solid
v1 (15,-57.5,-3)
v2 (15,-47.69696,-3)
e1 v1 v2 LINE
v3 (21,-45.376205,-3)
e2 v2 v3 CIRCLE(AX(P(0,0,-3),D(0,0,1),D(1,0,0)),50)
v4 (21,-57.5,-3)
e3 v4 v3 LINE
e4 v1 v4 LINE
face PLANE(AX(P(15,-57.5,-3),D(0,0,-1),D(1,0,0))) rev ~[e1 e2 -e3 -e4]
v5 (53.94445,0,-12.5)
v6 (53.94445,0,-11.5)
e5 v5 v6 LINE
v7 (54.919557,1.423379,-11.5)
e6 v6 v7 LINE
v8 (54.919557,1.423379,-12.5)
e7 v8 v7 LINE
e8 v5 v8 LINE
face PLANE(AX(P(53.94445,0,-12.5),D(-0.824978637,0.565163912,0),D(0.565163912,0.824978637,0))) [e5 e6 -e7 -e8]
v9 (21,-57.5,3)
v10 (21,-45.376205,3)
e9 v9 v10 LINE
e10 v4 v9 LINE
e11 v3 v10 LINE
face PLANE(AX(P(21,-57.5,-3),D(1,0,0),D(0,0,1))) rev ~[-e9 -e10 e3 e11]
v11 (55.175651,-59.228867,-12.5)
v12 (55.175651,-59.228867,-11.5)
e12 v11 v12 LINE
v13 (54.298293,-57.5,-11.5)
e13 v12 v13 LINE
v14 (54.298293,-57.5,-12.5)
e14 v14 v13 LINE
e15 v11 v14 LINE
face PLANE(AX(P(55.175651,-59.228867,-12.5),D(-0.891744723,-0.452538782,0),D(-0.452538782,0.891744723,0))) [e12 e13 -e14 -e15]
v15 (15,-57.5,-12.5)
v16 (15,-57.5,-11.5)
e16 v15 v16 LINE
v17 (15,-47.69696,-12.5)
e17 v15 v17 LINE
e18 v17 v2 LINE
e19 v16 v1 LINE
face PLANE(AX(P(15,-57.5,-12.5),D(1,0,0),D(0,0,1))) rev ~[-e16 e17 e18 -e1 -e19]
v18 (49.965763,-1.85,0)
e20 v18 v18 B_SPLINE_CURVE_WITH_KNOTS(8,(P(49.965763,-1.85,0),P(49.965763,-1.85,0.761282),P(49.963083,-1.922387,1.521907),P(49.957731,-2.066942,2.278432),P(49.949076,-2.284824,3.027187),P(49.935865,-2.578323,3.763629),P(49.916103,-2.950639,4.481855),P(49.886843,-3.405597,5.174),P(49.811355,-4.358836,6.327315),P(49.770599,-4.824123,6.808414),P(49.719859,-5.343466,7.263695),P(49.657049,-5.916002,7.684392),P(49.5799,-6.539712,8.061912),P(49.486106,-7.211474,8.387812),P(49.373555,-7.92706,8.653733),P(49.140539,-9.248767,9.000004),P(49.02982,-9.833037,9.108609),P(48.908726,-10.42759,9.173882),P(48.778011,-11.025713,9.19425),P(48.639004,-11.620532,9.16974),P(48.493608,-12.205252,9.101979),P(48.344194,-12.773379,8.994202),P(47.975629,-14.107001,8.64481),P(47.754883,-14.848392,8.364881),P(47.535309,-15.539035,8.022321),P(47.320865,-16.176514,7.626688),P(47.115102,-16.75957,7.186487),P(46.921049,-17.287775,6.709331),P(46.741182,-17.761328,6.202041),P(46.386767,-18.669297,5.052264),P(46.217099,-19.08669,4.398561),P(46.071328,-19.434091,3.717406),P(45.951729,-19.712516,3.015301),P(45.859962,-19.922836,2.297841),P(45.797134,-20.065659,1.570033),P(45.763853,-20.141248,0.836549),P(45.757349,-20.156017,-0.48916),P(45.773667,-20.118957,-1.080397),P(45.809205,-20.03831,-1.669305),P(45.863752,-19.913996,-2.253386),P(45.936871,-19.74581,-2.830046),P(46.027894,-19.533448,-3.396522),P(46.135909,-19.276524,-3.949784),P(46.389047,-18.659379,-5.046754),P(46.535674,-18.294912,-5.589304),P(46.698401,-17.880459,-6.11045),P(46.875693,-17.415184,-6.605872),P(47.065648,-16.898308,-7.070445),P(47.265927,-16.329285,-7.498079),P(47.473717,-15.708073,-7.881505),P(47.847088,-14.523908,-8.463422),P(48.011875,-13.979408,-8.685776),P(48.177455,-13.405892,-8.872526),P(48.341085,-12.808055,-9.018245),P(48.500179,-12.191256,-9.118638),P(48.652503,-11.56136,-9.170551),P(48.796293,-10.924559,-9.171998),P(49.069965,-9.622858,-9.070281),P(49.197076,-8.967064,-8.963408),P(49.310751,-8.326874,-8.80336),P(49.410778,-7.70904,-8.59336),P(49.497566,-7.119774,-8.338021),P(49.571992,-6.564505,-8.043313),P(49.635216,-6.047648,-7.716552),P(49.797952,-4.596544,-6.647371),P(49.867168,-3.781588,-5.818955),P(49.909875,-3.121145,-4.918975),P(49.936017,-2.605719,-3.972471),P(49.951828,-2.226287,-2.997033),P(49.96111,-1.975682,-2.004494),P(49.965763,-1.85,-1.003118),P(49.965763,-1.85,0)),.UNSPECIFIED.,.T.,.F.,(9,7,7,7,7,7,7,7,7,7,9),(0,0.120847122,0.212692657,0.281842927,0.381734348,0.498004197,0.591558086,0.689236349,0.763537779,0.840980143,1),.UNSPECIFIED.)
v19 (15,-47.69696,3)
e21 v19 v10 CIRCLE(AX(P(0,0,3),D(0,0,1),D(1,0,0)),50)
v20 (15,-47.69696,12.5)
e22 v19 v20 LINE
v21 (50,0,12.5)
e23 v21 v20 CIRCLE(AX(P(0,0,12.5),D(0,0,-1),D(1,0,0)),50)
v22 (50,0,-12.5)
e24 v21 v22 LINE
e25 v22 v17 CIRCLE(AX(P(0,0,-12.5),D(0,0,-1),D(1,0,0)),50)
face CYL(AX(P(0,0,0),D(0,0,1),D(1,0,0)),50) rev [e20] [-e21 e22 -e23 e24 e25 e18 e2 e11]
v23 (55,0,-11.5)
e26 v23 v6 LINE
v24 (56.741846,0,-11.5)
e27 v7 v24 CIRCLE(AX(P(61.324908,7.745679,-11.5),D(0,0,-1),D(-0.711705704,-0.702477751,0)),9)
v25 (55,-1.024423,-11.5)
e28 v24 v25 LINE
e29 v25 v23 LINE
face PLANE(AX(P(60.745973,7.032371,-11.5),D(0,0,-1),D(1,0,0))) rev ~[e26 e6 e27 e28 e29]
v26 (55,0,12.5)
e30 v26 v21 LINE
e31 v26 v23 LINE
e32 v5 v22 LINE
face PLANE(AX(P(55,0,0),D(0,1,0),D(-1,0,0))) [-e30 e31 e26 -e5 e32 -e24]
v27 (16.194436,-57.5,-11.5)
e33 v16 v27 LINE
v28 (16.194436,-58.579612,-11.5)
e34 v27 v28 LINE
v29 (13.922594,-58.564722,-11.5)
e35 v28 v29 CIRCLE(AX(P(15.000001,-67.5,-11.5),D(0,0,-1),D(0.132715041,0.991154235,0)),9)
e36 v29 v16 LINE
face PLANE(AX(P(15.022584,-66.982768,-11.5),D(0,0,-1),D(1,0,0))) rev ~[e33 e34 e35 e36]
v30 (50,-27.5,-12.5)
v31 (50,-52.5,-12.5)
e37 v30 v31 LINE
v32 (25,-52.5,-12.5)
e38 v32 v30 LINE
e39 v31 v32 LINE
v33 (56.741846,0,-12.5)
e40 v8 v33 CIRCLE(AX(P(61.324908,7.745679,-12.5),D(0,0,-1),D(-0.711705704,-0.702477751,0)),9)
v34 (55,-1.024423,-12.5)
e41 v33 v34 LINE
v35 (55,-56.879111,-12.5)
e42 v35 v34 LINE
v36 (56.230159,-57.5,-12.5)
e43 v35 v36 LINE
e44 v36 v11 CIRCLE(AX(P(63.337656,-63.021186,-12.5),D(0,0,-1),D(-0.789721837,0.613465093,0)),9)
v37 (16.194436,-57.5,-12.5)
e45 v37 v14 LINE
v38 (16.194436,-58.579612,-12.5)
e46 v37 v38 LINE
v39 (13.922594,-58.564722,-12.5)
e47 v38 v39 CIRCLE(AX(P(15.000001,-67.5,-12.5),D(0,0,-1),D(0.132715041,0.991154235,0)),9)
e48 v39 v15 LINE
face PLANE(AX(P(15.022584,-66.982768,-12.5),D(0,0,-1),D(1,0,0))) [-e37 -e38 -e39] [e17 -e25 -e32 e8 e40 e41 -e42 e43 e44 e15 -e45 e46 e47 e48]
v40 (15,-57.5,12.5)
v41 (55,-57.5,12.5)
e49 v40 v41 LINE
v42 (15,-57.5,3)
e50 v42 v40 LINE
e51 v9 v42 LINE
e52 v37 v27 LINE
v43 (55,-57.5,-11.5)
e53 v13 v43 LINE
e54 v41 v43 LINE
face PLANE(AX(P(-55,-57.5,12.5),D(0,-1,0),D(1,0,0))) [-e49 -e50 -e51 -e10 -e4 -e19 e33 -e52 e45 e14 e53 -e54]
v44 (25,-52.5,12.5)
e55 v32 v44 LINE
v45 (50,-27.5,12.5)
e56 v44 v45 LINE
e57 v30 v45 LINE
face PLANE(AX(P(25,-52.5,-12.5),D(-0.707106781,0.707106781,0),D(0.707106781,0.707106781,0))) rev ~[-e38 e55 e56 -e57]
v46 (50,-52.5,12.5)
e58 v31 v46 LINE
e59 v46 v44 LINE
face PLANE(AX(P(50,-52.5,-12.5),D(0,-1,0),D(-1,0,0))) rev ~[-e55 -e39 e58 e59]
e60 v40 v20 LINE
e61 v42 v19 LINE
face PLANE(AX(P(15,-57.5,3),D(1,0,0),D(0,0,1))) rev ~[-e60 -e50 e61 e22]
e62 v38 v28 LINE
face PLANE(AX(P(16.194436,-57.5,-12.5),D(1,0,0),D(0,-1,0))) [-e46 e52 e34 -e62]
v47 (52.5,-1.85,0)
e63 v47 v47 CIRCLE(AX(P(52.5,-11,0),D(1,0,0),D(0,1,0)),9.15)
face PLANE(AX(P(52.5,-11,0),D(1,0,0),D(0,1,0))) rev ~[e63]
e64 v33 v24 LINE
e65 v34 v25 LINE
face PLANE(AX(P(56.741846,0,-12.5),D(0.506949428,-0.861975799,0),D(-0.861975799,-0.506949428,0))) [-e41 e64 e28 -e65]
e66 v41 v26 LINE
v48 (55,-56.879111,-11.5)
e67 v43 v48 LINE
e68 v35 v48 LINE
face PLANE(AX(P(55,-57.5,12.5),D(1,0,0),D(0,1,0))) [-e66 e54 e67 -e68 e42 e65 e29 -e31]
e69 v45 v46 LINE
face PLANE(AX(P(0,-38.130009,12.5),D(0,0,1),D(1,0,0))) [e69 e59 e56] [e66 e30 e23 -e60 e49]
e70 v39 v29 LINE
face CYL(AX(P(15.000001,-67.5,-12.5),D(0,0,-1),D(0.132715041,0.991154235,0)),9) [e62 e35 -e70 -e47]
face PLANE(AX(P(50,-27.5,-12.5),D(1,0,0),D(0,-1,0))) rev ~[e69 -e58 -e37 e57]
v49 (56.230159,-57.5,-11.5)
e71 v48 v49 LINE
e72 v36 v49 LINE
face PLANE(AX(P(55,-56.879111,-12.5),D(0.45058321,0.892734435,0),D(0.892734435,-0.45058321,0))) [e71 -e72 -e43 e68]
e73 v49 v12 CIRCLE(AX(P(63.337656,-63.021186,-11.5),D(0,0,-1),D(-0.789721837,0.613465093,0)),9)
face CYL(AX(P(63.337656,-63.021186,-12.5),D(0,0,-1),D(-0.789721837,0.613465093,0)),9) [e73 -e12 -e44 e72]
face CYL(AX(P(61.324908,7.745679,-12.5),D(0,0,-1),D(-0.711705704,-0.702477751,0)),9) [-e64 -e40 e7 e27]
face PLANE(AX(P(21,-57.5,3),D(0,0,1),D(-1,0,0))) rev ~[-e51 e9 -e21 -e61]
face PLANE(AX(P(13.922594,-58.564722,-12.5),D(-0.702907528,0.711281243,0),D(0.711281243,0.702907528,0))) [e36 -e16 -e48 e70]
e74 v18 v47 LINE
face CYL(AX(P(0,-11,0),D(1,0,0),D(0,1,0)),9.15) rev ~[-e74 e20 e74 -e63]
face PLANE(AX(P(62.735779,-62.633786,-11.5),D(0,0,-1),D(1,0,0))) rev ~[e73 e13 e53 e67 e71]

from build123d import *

# Parameters (mm, degrees)
F1_DEPTH  = 12.5
F3_DEPTH  = 25
F4_R      = 9.05
F5_DEPTH  = 55
F6_R      = 9.15
F7_DEPTH  = 52.5
F9_DEPTH  = 57.501
F11_DEPTH = 25
F13_DEPTH = 1


with BuildPart() as f1:
    # F0 (on Top) → F1 (new body, symmetric)
    with BuildSketch(Plane.XY):
        with BuildLine():
            ThreePointArc((50, 0), (0, -50), (-50, 0))
            Line((-50, 0), (-55, 0))
            ThreePointArc((-55, 0), (0, -55), (55, 0))
            Line((55, 0), (50, 0))
        make_face()
    extrude(amount=F1_DEPTH, both=True)

    # F2 (on face) → F3 (join)
    with BuildSketch(Plane.XY.offset(12.5)):
        with BuildLine():
            ThreePointArc((55, 0), (0, -55), (-55, 0))
            Line((-55, 0), (-55, -57.5))
            Line((-55, -57.5), (0, -57.5))
            Line((0, -57.5), (55, -57.5))
            Line((55, -57.5), (55, 0))
        make_face()
    extrude(amount=-F3_DEPTH)

    # F4 (on Front) → F5 (cut)
    with BuildSketch(Plane.XZ):
        Circle(F4_R)
    extrude(amount=F5_DEPTH, mode=Mode.SUBTRACT)

    # F6 (on Right) → F7 (cut, symmetric)
    with BuildSketch(Plane.YZ):
        with Locations((-11, 0)):
            Circle(F6_R)
    extrude(amount=F7_DEPTH, both=True, mode=Mode.SUBTRACT)

    # F8 (on face) → F9 (cut, through all)
    with BuildSketch(Plane.XZ.offset(57.5)):
        Polygon((15, 12.5), (-15, 12.5), (-15, 48.375133), (-89.987703, 48.375133), (-91.230497, -54.7974), (-15, -56.857262), (-15, -12.5), (15, -12.5), (15, -3), (21, -3), (21, 0), (21, 3), (15, 3), align=None)
    extrude(amount=-F9_DEPTH, mode=Mode.SUBTRACT)

    # F10 (on face) → F11 (cut)
    with BuildSketch(Plane(origin=(0, 0, -12.5), x_dir=(1, 0, 0), z_dir=(0, 0, -1))):
        Polygon((50, 27.5), (50, 52.5), (25, 52.5), align=None)
    extrude(amount=-F11_DEPTH, mode=Mode.SUBTRACT)

    # F12 (on face) → F13 (join)
    with BuildSketch(Plane(origin=(0, 0, -12.5), x_dir=(1, 0, 0), z_dir=(0, 0, -1))):
        with BuildLine():
            Line((16.194436, 57.5), (16.194436, 58.579612))
            ThreePointArc((16.194436, 58.579612), (14.941014, 76.499807), (13.922594, 58.564722))
            Line((13.922594, 58.564722), (15, 57.5))
            Line((15, 57.5), (16.194436, 57.5))
        make_face()
        with BuildLine():
            Line((55, 56.879111), (56.230159, 57.5))
            ThreePointArc((56.230159, 57.5), (71.021188, 67.707692), (55.175651, 59.228867))
            Line((55.175651, 59.228867), (54.298293, 57.5))
            Line((54.298293, 57.5), (55, 57.5))
            Line((55, 57.5), (55, 56.879111))
        make_face()
        with BuildLine():
            Line((53.94445, 0), (54.919557, -1.423379))
            ThreePointArc((54.919557, -1.423379), (66.865014, -14.838437), (56.741846, 0))
            Line((56.741846, 0), (55, 1.024423))
            Line((55, 1.024423), (55, 0))
            Line((55, 0), (53.94445, 0))
        make_face()
    extrude(amount=-F13_DEPTH)


solid = f1.part
